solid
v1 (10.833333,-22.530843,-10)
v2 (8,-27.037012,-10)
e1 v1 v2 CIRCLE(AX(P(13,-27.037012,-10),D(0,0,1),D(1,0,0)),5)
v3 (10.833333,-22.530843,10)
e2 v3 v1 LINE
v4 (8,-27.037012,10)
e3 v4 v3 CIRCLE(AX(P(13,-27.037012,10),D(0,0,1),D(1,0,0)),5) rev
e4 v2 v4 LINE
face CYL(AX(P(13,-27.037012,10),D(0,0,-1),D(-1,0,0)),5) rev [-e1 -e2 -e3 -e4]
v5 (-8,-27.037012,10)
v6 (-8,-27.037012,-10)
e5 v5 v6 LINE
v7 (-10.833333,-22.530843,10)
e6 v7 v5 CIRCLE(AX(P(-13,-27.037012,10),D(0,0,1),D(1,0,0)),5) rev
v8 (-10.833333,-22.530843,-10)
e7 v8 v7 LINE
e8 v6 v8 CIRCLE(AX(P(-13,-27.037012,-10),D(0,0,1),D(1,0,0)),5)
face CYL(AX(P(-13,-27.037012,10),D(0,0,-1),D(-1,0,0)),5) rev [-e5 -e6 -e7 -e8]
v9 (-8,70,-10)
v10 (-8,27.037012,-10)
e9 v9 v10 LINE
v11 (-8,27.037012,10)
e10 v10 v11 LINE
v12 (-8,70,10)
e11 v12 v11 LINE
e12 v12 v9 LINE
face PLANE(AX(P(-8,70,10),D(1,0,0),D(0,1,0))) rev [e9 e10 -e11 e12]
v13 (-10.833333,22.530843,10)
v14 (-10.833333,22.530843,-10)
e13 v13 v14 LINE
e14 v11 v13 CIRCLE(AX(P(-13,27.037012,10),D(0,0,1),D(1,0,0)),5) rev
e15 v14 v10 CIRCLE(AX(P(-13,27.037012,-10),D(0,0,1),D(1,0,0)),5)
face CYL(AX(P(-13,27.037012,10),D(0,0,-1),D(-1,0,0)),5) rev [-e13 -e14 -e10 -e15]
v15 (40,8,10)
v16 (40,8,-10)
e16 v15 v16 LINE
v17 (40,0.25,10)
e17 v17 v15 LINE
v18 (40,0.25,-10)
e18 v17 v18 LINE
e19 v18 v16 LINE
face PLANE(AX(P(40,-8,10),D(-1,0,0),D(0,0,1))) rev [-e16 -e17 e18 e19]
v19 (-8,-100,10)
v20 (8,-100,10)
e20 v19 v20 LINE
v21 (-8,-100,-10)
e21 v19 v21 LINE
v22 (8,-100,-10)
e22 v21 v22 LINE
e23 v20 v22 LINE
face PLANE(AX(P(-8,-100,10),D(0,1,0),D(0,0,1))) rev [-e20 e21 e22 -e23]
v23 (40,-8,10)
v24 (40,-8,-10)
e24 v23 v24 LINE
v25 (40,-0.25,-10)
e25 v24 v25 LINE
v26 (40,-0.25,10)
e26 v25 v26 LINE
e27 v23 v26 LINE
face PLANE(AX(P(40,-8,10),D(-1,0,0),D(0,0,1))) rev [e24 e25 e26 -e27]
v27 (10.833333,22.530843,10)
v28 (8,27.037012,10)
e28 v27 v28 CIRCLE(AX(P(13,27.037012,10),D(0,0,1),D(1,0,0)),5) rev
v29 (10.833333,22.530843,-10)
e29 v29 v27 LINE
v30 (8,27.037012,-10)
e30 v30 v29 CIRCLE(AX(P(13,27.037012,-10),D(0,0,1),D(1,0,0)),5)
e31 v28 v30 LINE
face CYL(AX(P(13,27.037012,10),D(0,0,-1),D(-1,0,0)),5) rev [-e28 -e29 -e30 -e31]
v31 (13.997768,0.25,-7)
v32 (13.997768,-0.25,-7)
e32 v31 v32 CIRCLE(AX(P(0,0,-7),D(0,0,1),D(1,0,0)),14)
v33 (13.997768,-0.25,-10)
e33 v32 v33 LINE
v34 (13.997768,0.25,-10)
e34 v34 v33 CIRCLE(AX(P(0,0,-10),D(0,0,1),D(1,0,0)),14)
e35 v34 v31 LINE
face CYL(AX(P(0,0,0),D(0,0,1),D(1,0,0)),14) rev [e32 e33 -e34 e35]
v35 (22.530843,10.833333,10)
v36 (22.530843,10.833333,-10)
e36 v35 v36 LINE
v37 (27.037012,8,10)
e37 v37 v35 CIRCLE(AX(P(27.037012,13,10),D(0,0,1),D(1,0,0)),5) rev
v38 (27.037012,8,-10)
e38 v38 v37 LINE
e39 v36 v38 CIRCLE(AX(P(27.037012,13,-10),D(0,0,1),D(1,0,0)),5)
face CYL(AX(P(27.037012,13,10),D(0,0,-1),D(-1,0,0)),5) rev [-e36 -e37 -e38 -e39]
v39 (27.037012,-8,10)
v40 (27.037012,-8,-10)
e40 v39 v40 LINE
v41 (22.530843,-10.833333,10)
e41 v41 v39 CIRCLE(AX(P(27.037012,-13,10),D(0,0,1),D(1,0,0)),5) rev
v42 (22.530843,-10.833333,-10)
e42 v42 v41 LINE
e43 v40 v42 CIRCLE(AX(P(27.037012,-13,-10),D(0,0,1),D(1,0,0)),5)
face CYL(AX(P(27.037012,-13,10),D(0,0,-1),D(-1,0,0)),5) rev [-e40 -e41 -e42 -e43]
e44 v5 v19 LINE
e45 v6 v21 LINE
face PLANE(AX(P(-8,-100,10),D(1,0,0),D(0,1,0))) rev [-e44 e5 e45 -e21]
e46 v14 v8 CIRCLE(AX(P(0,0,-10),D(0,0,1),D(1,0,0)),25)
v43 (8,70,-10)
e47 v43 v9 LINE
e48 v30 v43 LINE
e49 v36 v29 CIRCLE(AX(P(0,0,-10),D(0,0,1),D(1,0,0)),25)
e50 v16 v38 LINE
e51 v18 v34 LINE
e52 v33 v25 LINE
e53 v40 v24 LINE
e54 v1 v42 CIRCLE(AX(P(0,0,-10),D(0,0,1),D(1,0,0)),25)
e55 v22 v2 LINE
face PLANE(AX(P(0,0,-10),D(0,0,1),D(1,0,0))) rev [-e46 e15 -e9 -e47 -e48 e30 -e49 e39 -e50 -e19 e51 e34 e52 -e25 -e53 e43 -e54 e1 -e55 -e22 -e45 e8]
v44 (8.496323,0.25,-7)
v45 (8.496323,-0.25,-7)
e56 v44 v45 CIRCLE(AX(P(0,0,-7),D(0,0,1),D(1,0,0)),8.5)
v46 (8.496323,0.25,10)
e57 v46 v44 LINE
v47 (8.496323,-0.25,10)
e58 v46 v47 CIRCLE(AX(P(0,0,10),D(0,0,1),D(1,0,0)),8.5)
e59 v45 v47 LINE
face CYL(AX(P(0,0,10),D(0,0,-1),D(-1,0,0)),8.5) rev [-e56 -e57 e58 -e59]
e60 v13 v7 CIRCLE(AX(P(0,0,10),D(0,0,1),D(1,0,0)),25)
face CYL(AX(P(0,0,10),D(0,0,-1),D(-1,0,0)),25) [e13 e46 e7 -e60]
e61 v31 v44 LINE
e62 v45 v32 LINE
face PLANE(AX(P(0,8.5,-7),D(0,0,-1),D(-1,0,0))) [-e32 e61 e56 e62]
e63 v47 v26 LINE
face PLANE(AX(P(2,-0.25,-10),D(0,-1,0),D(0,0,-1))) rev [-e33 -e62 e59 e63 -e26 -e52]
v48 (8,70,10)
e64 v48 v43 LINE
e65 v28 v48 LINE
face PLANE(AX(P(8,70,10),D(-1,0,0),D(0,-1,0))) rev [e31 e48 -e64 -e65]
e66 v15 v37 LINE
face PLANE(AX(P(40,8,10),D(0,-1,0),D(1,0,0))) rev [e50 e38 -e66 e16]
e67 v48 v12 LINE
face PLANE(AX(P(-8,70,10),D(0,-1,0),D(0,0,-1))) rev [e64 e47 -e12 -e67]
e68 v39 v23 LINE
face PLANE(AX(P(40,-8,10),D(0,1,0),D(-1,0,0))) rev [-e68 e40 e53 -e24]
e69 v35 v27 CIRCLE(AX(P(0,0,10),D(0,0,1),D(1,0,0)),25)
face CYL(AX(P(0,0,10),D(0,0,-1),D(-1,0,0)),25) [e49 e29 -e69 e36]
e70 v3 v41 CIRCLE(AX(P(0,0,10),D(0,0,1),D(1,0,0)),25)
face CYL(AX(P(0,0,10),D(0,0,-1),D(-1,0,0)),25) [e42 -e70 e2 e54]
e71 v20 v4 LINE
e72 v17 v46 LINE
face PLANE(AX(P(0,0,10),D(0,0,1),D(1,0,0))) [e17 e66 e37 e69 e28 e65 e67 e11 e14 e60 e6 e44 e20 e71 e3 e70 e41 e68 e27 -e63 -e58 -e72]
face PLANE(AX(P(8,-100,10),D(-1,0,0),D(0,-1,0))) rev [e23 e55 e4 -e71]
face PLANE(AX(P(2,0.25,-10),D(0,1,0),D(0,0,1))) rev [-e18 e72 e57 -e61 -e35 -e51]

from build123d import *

# Parameters (mm, degrees)
SKETCH1_R               = 25
SKETCH1_R_2             = 8.5
BOSS_EXTRUDE1_DEPTH     = 10
SKETCH2_W               = 16
SKETCH2_H               = 46.314561435
BOSS_EXTRUDE2_DEPTH     = 10
SKETCH3_W               = 16
SKETCH3_H               = 76.314561435
BOSS_EXTRUDE3_DEPTH     = 10
SKETCH4_W               = 16.314561435
SKETCH4_H               = 16
BOSS_EXTRUDE4_DEPTH     = 10
CUT_EXTRUDE1_DEPTH      = 109.166538264
CUT_EXTRUDE1_DEPTH_BACK = 109.166538264
SKETCH5_W               = 48
SKETCH5_H               = 0.5
FILLET1_R               = 5
SKETCH7_W               = 3
SKETCH7_H               = 5.5


with BuildPart() as part:
    # Sketch1 → Boss-Extrude1 (new, symmetric)
    with BuildSketch(Plane.XY):
        Circle(SKETCH1_R)
        Circle(SKETCH1_R_2, mode=Mode.SUBTRACT)
    extrude(amount=BOSS_EXTRUDE1_DEPTH, both=True)

    # Sketch2 → Boss-Extrude2 (add, symmetric)
    with BuildSketch(Plane.XY):
        with Locations((0, 46.842719282)):
            Rectangle(SKETCH2_W, SKETCH2_H)
    extrude(amount=BOSS_EXTRUDE2_DEPTH, both=True)

    # Sketch3 → Boss-Extrude3 (add, symmetric)
    with BuildSketch(Plane.XY):
        with Locations((0, -61.842719282)):
            Rectangle(SKETCH3_W, SKETCH3_H)
    extrude(amount=BOSS_EXTRUDE3_DEPTH, both=True)

    # Sketch4 → Boss-Extrude4 (add, symmetric)
    with BuildSketch(Plane.XY):
        with Locations((31.842719282, 0)):
            Rectangle(SKETCH4_W, SKETCH4_H)
    extrude(amount=BOSS_EXTRUDE4_DEPTH, both=True)

    # Sketch5 → Cut-Extrude1 (cut, two sides: drawn at the far end of the back side and taken through both)
    with BuildSketch(Plane.XY.offset(-CUT_EXTRUDE1_DEPTH_BACK)):
        with Locations((26, 0)):
            Rectangle(SKETCH5_W, SKETCH5_H)
    extrude(amount=CUT_EXTRUDE1_DEPTH + CUT_EXTRUDE1_DEPTH_BACK, mode=Mode.SUBTRACT)

    # Fillet1
    fillet1_edges = [part.edges().sort_by_distance(p)[0] for p in [
        (8, 23.685438565, 0),
        (-8, 23.685438565, 0),
        (8, -23.685438565, 0),
        (-8, -23.685438565, 0),
        (23.685438565, -8, 0),
        (23.685438565, 8, 0),
    ]]
    fillet(fillet1_edges, radius=FILLET1_R)

    # Sketch7 → Cut-Revolve1 (revolve, cut)
    with BuildSketch(Plane(origin=(0, 0, 0), x_dir=(0, 0, -1), z_dir=(1, 0, 0))):
        with Locations((8.5, 11.25)):
            Rectangle(SKETCH7_W, SKETCH7_H)
    revolve(axis=Axis((0, 0, 0), (0, 0, -1)), mode=Mode.SUBTRACT)


solid = part.part
